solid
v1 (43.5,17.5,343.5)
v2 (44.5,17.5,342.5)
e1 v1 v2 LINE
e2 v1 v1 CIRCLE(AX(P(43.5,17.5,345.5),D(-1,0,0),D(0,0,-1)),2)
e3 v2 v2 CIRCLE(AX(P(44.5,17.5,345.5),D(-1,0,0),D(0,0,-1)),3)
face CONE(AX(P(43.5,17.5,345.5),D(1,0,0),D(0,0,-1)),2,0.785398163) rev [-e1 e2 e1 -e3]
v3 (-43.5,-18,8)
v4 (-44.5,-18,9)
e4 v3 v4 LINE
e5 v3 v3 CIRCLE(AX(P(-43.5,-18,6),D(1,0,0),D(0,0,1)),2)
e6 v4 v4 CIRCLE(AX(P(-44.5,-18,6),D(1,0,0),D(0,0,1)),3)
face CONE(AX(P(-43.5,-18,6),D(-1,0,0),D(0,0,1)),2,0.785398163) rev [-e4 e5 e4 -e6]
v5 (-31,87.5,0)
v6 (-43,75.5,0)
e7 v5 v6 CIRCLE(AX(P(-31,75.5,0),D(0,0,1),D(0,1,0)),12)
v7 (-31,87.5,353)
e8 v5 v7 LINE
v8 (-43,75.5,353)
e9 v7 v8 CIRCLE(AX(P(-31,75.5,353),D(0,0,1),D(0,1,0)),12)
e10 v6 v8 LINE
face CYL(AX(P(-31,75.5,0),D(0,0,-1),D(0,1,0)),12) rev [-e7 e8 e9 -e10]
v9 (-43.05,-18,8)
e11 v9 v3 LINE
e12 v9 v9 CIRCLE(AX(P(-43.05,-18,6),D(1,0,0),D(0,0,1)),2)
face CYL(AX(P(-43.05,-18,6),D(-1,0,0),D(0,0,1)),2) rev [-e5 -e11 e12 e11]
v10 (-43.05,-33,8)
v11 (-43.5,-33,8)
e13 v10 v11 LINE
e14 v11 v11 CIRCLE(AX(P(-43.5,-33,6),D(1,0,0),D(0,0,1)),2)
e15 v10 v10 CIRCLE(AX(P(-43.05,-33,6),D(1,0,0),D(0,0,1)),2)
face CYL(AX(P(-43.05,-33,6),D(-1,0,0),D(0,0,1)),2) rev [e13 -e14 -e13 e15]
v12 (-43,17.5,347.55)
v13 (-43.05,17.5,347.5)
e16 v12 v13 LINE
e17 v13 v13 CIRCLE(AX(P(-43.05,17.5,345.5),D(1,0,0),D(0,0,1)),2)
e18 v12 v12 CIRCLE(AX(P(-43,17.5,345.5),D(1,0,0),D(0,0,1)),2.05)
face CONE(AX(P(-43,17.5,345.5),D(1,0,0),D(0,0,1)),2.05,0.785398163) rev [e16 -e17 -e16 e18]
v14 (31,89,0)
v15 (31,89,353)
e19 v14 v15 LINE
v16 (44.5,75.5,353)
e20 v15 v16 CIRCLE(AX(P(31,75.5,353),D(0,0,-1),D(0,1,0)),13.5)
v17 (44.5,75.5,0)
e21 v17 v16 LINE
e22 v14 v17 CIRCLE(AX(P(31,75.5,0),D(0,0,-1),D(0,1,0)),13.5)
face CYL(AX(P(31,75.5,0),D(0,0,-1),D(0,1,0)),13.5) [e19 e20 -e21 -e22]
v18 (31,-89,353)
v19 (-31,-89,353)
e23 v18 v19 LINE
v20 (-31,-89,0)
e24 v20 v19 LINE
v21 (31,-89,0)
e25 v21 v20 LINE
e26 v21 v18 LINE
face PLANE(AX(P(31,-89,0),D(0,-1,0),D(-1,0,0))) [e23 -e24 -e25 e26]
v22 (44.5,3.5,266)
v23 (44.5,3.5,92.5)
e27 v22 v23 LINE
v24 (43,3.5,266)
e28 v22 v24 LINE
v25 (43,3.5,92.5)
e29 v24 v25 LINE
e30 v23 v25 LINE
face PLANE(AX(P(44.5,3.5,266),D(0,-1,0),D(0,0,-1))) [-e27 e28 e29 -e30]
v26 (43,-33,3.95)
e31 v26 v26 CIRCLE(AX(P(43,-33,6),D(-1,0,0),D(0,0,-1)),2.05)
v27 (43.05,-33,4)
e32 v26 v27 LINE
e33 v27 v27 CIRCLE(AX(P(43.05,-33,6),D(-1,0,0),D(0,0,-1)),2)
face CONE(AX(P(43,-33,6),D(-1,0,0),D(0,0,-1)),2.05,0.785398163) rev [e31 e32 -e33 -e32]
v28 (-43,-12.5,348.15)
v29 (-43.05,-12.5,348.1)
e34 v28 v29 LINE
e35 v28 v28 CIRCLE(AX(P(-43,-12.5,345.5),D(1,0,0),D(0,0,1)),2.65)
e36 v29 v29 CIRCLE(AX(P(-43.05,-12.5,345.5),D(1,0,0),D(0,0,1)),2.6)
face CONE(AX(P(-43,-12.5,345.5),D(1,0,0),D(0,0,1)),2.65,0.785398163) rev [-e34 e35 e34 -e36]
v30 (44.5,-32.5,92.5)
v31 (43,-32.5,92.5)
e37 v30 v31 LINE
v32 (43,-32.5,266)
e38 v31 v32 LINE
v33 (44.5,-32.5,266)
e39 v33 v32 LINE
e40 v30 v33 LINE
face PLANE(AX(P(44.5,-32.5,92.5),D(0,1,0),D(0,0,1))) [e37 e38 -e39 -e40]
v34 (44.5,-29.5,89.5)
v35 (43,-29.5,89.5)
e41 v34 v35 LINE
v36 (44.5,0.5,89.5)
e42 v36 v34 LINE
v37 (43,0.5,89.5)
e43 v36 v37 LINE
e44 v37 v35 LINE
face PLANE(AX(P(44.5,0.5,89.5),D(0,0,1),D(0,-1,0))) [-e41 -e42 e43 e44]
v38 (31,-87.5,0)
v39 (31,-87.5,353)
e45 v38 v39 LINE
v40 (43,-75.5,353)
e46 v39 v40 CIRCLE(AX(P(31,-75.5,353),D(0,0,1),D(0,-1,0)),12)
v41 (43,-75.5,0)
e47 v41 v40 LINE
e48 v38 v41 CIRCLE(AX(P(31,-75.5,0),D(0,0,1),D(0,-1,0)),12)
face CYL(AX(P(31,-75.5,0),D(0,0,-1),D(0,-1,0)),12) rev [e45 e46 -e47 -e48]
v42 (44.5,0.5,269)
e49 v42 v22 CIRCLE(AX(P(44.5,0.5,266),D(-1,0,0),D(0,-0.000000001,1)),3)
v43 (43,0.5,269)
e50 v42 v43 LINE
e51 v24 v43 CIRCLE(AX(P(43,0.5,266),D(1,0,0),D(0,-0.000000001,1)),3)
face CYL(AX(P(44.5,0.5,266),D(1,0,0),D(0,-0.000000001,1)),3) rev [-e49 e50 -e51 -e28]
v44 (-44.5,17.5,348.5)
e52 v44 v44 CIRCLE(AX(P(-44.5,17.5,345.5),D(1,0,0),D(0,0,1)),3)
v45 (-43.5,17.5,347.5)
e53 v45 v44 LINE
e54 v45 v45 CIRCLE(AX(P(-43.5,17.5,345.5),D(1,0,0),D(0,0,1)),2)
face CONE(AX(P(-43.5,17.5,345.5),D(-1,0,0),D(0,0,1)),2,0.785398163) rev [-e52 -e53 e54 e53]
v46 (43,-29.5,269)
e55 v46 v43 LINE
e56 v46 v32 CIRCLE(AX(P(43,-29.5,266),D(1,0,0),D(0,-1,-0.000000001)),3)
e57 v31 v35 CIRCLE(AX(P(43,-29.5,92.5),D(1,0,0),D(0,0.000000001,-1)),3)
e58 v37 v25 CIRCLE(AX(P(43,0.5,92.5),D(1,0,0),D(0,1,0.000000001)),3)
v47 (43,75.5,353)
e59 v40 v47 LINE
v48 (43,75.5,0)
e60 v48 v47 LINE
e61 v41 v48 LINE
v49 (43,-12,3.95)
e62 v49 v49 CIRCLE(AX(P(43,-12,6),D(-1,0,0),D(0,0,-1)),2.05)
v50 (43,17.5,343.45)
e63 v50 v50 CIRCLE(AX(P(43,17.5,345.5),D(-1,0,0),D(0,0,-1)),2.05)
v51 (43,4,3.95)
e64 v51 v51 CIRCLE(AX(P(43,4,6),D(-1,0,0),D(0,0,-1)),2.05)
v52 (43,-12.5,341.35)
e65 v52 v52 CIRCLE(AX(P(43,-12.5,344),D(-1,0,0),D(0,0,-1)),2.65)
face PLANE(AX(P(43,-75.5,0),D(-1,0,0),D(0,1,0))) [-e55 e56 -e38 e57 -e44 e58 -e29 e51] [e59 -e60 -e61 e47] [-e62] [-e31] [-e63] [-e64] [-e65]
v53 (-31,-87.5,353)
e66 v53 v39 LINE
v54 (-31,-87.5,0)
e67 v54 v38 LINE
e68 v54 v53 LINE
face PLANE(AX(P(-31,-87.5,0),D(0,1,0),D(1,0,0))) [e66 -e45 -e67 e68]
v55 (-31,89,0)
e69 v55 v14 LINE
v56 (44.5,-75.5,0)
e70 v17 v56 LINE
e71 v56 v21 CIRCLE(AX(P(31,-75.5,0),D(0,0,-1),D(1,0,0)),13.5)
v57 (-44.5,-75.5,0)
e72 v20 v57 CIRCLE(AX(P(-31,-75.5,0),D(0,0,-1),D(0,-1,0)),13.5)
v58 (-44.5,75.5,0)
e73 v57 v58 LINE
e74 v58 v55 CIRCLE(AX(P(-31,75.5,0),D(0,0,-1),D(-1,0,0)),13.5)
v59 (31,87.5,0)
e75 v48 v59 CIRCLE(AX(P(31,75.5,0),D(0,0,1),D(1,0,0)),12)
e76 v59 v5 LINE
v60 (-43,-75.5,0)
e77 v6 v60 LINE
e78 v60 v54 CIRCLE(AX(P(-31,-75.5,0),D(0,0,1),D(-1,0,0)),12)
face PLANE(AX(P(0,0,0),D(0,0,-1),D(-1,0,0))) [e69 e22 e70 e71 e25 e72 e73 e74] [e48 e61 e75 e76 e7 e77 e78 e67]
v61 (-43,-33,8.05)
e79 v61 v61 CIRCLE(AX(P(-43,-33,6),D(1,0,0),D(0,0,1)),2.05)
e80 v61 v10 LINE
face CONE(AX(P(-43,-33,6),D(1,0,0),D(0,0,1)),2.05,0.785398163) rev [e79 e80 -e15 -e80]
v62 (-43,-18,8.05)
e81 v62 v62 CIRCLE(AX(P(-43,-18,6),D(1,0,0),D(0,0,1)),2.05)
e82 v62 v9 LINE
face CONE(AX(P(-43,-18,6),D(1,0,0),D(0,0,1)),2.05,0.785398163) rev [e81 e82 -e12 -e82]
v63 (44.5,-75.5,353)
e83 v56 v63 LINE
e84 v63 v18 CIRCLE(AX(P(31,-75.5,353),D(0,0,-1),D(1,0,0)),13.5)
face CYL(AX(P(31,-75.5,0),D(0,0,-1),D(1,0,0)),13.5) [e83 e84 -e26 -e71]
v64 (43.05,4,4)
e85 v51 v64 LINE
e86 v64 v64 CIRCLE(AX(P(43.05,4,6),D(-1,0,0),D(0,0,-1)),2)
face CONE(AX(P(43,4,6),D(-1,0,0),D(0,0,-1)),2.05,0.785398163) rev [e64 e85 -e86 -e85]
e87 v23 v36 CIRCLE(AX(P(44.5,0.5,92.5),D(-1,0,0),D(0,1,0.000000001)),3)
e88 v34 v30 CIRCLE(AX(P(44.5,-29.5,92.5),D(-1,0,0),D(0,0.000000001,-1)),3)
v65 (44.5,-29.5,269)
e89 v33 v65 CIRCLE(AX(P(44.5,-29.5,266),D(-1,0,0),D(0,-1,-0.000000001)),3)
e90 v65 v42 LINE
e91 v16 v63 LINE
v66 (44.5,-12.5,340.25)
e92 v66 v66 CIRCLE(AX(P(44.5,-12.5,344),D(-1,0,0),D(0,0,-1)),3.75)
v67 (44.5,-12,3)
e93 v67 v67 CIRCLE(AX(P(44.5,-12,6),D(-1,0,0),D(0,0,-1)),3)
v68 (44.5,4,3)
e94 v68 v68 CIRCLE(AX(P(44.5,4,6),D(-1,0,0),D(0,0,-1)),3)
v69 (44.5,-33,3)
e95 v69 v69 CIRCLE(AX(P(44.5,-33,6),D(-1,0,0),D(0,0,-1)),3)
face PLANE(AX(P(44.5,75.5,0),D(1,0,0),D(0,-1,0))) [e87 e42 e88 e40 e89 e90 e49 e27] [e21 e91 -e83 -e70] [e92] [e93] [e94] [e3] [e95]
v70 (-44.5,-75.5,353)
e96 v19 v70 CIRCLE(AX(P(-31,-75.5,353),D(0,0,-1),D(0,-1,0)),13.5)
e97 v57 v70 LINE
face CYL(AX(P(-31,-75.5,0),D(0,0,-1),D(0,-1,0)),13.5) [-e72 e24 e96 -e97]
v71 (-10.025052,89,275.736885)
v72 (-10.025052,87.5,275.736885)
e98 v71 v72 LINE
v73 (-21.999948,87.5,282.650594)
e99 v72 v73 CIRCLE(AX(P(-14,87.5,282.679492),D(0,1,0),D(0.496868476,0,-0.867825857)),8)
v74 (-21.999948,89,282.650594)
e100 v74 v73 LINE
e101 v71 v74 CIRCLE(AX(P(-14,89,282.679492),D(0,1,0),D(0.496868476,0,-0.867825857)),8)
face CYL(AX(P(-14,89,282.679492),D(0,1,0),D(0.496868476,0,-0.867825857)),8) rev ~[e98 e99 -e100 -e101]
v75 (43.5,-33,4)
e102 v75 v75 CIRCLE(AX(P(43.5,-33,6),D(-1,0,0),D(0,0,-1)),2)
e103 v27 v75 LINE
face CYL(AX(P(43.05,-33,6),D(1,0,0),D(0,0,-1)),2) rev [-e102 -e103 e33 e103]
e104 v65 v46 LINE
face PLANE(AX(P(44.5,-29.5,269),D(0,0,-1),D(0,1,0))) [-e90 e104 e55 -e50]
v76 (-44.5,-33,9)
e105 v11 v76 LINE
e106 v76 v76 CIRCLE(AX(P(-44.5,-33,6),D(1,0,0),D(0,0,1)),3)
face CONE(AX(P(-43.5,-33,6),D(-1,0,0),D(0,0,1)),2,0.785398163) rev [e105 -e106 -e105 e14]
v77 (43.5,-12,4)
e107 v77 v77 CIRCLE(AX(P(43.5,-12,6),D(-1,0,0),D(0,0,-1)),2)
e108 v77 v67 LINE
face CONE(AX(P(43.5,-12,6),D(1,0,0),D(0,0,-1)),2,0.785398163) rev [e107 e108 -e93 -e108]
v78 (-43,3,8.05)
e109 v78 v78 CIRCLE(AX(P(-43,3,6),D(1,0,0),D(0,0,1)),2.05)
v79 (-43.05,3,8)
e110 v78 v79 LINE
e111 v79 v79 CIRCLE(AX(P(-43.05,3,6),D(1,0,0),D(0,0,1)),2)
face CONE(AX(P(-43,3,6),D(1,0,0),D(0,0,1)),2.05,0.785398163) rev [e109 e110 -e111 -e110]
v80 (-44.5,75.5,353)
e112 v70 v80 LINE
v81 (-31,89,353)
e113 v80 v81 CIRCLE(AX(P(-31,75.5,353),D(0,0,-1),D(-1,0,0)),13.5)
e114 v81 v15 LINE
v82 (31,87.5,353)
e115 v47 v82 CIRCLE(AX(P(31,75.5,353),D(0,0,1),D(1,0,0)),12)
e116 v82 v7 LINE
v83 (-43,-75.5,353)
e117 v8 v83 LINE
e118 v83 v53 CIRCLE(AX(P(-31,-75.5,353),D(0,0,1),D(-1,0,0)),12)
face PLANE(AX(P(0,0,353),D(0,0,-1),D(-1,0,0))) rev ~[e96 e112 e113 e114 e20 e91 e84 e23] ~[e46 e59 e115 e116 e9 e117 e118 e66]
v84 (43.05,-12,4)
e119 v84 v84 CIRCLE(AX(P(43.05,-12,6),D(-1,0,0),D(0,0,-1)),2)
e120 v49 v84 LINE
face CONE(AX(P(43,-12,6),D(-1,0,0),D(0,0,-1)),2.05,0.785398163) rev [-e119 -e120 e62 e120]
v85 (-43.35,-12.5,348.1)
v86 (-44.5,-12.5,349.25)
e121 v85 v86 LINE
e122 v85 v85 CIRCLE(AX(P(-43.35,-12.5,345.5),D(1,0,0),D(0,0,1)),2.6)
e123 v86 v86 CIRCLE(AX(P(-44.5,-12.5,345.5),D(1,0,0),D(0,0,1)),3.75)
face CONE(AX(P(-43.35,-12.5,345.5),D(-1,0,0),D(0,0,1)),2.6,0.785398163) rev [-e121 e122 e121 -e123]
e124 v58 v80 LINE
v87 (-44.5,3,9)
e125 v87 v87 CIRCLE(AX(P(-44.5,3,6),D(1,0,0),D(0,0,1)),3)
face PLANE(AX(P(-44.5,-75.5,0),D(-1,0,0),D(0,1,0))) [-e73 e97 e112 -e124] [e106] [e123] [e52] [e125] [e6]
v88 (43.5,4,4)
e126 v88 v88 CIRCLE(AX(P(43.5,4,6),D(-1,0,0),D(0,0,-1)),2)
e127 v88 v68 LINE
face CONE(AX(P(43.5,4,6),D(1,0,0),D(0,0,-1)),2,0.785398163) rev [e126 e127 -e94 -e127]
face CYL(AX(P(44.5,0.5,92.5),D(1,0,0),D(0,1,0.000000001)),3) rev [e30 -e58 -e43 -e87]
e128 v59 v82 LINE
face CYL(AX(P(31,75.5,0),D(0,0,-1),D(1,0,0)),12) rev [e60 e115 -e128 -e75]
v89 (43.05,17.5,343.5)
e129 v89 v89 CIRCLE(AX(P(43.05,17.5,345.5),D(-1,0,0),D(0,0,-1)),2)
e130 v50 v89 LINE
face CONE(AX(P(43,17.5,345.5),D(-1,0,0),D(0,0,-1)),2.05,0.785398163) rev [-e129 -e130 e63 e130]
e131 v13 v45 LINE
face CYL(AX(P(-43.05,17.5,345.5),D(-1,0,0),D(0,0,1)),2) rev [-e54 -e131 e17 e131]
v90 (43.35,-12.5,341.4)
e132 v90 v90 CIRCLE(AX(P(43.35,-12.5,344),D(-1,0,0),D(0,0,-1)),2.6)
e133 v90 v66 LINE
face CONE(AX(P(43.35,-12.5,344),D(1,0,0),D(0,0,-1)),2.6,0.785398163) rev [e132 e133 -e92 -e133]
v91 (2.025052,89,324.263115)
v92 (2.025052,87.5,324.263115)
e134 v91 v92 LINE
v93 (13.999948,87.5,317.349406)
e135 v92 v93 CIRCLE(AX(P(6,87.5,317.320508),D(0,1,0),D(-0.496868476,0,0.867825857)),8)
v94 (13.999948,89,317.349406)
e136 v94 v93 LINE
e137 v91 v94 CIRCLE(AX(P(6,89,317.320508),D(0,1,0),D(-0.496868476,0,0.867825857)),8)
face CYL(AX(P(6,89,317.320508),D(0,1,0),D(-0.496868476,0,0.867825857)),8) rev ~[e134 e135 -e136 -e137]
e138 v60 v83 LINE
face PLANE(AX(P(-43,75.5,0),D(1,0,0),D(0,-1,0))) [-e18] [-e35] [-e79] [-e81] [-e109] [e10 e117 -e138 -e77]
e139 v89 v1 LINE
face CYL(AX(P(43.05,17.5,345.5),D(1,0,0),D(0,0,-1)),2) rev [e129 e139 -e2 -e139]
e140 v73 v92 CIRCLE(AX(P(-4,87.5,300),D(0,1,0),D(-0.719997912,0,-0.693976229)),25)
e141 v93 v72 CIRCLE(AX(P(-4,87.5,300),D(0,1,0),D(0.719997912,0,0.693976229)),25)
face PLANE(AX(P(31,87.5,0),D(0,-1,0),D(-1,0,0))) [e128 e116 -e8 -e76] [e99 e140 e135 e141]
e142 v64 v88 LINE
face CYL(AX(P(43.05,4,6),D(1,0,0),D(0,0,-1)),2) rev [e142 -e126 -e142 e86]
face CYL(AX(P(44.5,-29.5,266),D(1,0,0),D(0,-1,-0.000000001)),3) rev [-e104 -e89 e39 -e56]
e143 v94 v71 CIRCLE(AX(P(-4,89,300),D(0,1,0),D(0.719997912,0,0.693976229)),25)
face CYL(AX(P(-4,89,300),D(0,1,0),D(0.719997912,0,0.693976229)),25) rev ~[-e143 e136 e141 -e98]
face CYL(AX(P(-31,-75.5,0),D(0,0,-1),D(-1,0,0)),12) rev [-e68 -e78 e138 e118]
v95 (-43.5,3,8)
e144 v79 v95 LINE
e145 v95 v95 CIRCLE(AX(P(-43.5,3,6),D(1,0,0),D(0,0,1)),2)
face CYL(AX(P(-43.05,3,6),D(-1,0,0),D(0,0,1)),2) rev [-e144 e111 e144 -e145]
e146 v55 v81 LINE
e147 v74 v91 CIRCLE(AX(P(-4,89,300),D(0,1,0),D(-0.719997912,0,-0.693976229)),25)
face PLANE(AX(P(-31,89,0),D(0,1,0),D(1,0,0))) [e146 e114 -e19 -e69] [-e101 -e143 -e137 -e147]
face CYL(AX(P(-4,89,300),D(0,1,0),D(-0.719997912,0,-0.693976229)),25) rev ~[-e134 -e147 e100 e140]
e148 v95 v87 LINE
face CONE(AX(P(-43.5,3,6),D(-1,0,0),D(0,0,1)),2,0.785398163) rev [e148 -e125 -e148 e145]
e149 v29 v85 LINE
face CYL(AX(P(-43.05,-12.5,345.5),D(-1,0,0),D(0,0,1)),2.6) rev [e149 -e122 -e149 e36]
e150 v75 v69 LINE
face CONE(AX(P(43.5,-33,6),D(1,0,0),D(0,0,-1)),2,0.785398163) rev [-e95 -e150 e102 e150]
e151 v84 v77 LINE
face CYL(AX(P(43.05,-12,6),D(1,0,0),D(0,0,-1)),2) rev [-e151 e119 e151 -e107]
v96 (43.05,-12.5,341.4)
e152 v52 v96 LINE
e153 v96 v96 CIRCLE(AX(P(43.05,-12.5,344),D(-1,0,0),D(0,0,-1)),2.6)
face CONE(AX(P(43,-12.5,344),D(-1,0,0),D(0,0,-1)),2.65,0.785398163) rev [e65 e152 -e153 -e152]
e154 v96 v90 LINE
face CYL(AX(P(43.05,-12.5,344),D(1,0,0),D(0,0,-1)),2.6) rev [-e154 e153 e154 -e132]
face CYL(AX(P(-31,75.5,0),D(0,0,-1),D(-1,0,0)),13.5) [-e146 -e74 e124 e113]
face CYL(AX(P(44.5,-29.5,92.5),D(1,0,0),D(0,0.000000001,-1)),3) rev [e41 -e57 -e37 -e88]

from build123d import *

# Parameters (mm, degrees)
EXTRUDE_1_DEPTH             = 353
CUT_EXTRUDE_1_REACH         = 91
HOLE_WIZARD_M3_1_AT_2_COUNT = 2
HOLE_WIZARD_M3_1_AT_2_PITCH = 339.768303407
HOLE_WIZARD_M3_1_AT_3_COUNT = 2
HOLE_WIZARD_M3_1_AT_3_PITCH = 340.779254063
HOLE_WIZARD_M3_1_AT_4_COUNT = 2
HOLE_WIZARD_M3_1_AT_4_PITCH = 343.235342003
HOLE_WIZARD_3_2_AT_2_COUNT  = 2
HOLE_WIZARD_3_2_AT_2_PITCH  = 339.809505459
HOLE_WIZARD_3_2_AT_3_COUNT  = 2
HOLE_WIZARD_3_2_AT_3_PITCH  = 343.235342003
HOLE_WIZARD_3_2_AT_4_COUNT  = 2
HOLE_WIZARD_3_2_AT_4_PITCH  = 341.350992382
CUT_EXTRUDE_3_REACH         = 180


with BuildPart() as part:
    # Эскиз1 → Бобышка-Вытянуть1 (new body)
    with BuildSketch(Plane.XY):
        with BuildLine():
            Line((-44.5, -75.5), (-44.5, 75.5))
            ThreePointArc((-44.5, 75.5), (-40.545941546, 85.045941546), (-31, 89))
            Line((-31, 89), (31, 89))
            ThreePointArc((31, 89), (40.545941546, 85.045941546), (44.5, 75.5))
            Line((44.5, 75.5), (44.5, -75.5))
            ThreePointArc((44.5, -75.5), (40.545941546, -85.045941546), (31, -89))
            Line((31, -89), (-31, -89))
            ThreePointArc((-31, -89), (-40.545941546, -85.045941546), (-44.5, -75.5))
        make_face()
        with BuildLine():
            Line((-31, -87.5), (31, -87.5))
            ThreePointArc((31, -87.5), (39.485281374, -83.985281374), (43, -75.5))
            Line((43, -75.5), (43, 75.5))
            ThreePointArc((43, 75.5), (39.485281374, 83.985281374), (31, 87.5))
            Line((31, 87.5), (-31, 87.5))
            ThreePointArc((-31, 87.5), (-39.485281374, 83.985281374), (-43, 75.5))
            Line((-43, 75.5), (-43, -75.5))
            ThreePointArc((-43, -75.5), (-39.485281374, -83.985281374), (-31, -87.5))
        make_face(mode=Mode.SUBTRACT)
    extrude(amount=EXTRUDE_1_DEPTH)

    # Эскиз2 → Вырез-Вытянуть1 (cut, up to next)
    with BuildSketch(Plane(origin=(44.5, 0, 0), x_dir=(0, 0, -1), z_dir=(1, 0, 0)), mode=Mode.PRIVATE) as cut_extrude_1_sk1:
        with BuildLine():
            Line((-266, 3.5), (-92.5, 3.5))
            ThreePointArc((-92.5, 3.5), (-90.378679656, 2.621320344), (-89.5, 0.5))
            Line((-89.5, 0.5), (-89.5, -29.5))
            ThreePointArc((-89.5, -29.5), (-90.378679656, -31.621320344), (-92.5, -32.5))
            Line((-92.5, -32.5), (-266, -32.5))
            ThreePointArc((-266, -32.5), (-268.121320344, -31.621320344), (-269, -29.5))
            Line((-269, -29.5), (-269, 0.5))
            ThreePointArc((-269, 0.5), (-268.121320344, 2.621320344), (-266, 3.5))
        make_face()
    cut_extrude_1_tool1 = extrude(cut_extrude_1_sk1.sketch, amount=-CUT_EXTRUDE_1_REACH, mode=Mode.PRIVATE) & part.part
    add(cut_extrude_1_tool1.solids().sort_by_distance((44.5, -14.5, 179.25))[0], mode=Mode.SUBTRACT)

    # Эскиз4 → M3_впотай_1 (revolve, cut)
    with BuildSketch(Plane(origin=(44.5, 17.5, 345.5), x_dir=(0, 0, -1), z_dir=(0, 1, 0))):
        Polygon((0, 0), (0, 1.5), (2.05, 1.5), (2, 1.45), (2, 1), (3, 0), align=None)
    hole_wizard_m3_1 = revolve(axis=Axis((50.85, 17.5, 345.5), (-1, 0, 0)), mode=Mode.SUBTRACT)

    # M3_впотай_1 at 2: M3_впотай_1 ×2
    with Locations(*[Vector(0, -0.039732959, -0.999210334) * (i * HOLE_WIZARD_M3_1_AT_2_PITCH) for i in range(1, HOLE_WIZARD_M3_1_AT_2_COUNT)]):
        add(hole_wizard_m3_1, mode=Mode.SUBTRACT)

    # M3_впотай_1 at 3: M3_впотай_1 ×2
    with Locations(*[Vector(0, -0.086566303, -0.996246092) * (i * HOLE_WIZARD_M3_1_AT_3_PITCH) for i in range(1, HOLE_WIZARD_M3_1_AT_3_COUNT)]):
        add(hole_wizard_m3_1, mode=Mode.SUBTRACT)

    # M3_впотай_1 at 4: M3_впотай_1 ×2
    with Locations(*[Vector(0, -0.147129371, -0.989117257) * (i * HOLE_WIZARD_M3_1_AT_4_PITCH) for i in range(1, HOLE_WIZARD_M3_1_AT_4_COUNT)]):
        add(hole_wizard_m3_1, mode=Mode.SUBTRACT)

    # Эскиз6 → М3_впотай_2 (revolve, cut)
    with BuildSketch(Plane(origin=(-44.5, 17.5, 345.5), x_dir=(0, 0, 1), z_dir=(0, 1, 0))):
        Polygon((0, 0), (0, 1.5), (2.05, 1.5), (2, 1.45), (2, 1), (3, 0), align=None)
    hole_wizard_3_2 = revolve(axis=Axis((-50.85, 17.5, 345.5), (1, 0, 0)), mode=Mode.SUBTRACT)

    # М3_впотай_2 at 2: М3_впотай_2 ×2
    with Locations(*[Vector(0, -0.042670966, -0.99908918) * (i * HOLE_WIZARD_3_2_AT_2_PITCH) for i in range(1, HOLE_WIZARD_3_2_AT_2_COUNT)]):
        add(hole_wizard_3_2, mode=Mode.SUBTRACT)

    # М3_впотай_2 at 3: М3_впотай_2 ×2
    with Locations(*[Vector(0, -0.147129371, -0.989117257) * (i * HOLE_WIZARD_3_2_AT_3_PITCH) for i in range(1, HOLE_WIZARD_3_2_AT_3_COUNT)]):
        add(hole_wizard_3_2, mode=Mode.SUBTRACT)

    # М3_впотай_2 at 4: М3_впотай_2 ×2
    with Locations(*[Vector(0, -0.103998526, -0.994577451) * (i * HOLE_WIZARD_3_2_AT_4_PITCH) for i in range(1, HOLE_WIZARD_3_2_AT_4_COUNT)]):
        add(hole_wizard_3_2, mode=Mode.SUBTRACT)

    # Эскиз8 → Вырез-Вытянуть3 (cut, up to next)
    with BuildSketch(Plane(origin=(0, 89, 0), x_dir=(1, 0, 0), z_dir=(0, 1, 0)), mode=Mode.PRIVATE) as cut_extrude_3_sk1:
        with BuildLine():
            ThreePointArc((-21.999947808, -282.650594278), (-25.650635095, -312.5), (2.025052192, -324.263114929))
            ThreePointArc((2.025052192, -324.263114929), (10, -324.248711306), (13.999947808, -317.349405722))
            ThreePointArc((13.999947808, -317.349405722), (17.650635095, -287.5), (-10.025052192, -275.736885071))
            ThreePointArc((-10.025052192, -275.736885071), (-18, -275.751288694), (-21.999947808, -282.650594278))
        make_face()
    cut_extrude_3_tool1 = extrude(cut_extrude_3_sk1.sketch, amount=-CUT_EXTRUDE_3_REACH, mode=Mode.PRIVATE) & part.part
    add(cut_extrude_3_tool1.solids().sort_by_distance((-4, 89, 300))[0], mode=Mode.SUBTRACT)

    # Эскиз9 → Зенковка для винта с потайной головкой M41 (revolve, cut)
    with BuildSketch(Plane(origin=(44.5, -12.5, 344), x_dir=(0, 0, -1), z_dir=(0, 1, 0))):
        Polygon((0, 0), (0, 1.5), (2.65, 1.5), (2.6, 1.45), (2.6, 1.15), (3.75, 0), align=None)
    revolve(axis=Axis((50.85, -12.5, 344), (-1, 0, 0)), mode=Mode.SUBTRACT)

    # Эскиз13 → Зенковка для винта с потайной головкой M43 (revolve, cut)
    with BuildSketch(Plane(origin=(-44.5, -12.5, 345.5), x_dir=(0, 0, 1), z_dir=(0, 1, 0))):
        Polygon((0, 0), (0, 1.5), (2.65, 1.5), (2.6, 1.45), (2.6, 1.15), (3.75, 0), align=None)
    revolve(axis=Axis((-50.85, -12.5, 345.5), (1, 0, 0)), mode=Mode.SUBTRACT)


solid = part.part
